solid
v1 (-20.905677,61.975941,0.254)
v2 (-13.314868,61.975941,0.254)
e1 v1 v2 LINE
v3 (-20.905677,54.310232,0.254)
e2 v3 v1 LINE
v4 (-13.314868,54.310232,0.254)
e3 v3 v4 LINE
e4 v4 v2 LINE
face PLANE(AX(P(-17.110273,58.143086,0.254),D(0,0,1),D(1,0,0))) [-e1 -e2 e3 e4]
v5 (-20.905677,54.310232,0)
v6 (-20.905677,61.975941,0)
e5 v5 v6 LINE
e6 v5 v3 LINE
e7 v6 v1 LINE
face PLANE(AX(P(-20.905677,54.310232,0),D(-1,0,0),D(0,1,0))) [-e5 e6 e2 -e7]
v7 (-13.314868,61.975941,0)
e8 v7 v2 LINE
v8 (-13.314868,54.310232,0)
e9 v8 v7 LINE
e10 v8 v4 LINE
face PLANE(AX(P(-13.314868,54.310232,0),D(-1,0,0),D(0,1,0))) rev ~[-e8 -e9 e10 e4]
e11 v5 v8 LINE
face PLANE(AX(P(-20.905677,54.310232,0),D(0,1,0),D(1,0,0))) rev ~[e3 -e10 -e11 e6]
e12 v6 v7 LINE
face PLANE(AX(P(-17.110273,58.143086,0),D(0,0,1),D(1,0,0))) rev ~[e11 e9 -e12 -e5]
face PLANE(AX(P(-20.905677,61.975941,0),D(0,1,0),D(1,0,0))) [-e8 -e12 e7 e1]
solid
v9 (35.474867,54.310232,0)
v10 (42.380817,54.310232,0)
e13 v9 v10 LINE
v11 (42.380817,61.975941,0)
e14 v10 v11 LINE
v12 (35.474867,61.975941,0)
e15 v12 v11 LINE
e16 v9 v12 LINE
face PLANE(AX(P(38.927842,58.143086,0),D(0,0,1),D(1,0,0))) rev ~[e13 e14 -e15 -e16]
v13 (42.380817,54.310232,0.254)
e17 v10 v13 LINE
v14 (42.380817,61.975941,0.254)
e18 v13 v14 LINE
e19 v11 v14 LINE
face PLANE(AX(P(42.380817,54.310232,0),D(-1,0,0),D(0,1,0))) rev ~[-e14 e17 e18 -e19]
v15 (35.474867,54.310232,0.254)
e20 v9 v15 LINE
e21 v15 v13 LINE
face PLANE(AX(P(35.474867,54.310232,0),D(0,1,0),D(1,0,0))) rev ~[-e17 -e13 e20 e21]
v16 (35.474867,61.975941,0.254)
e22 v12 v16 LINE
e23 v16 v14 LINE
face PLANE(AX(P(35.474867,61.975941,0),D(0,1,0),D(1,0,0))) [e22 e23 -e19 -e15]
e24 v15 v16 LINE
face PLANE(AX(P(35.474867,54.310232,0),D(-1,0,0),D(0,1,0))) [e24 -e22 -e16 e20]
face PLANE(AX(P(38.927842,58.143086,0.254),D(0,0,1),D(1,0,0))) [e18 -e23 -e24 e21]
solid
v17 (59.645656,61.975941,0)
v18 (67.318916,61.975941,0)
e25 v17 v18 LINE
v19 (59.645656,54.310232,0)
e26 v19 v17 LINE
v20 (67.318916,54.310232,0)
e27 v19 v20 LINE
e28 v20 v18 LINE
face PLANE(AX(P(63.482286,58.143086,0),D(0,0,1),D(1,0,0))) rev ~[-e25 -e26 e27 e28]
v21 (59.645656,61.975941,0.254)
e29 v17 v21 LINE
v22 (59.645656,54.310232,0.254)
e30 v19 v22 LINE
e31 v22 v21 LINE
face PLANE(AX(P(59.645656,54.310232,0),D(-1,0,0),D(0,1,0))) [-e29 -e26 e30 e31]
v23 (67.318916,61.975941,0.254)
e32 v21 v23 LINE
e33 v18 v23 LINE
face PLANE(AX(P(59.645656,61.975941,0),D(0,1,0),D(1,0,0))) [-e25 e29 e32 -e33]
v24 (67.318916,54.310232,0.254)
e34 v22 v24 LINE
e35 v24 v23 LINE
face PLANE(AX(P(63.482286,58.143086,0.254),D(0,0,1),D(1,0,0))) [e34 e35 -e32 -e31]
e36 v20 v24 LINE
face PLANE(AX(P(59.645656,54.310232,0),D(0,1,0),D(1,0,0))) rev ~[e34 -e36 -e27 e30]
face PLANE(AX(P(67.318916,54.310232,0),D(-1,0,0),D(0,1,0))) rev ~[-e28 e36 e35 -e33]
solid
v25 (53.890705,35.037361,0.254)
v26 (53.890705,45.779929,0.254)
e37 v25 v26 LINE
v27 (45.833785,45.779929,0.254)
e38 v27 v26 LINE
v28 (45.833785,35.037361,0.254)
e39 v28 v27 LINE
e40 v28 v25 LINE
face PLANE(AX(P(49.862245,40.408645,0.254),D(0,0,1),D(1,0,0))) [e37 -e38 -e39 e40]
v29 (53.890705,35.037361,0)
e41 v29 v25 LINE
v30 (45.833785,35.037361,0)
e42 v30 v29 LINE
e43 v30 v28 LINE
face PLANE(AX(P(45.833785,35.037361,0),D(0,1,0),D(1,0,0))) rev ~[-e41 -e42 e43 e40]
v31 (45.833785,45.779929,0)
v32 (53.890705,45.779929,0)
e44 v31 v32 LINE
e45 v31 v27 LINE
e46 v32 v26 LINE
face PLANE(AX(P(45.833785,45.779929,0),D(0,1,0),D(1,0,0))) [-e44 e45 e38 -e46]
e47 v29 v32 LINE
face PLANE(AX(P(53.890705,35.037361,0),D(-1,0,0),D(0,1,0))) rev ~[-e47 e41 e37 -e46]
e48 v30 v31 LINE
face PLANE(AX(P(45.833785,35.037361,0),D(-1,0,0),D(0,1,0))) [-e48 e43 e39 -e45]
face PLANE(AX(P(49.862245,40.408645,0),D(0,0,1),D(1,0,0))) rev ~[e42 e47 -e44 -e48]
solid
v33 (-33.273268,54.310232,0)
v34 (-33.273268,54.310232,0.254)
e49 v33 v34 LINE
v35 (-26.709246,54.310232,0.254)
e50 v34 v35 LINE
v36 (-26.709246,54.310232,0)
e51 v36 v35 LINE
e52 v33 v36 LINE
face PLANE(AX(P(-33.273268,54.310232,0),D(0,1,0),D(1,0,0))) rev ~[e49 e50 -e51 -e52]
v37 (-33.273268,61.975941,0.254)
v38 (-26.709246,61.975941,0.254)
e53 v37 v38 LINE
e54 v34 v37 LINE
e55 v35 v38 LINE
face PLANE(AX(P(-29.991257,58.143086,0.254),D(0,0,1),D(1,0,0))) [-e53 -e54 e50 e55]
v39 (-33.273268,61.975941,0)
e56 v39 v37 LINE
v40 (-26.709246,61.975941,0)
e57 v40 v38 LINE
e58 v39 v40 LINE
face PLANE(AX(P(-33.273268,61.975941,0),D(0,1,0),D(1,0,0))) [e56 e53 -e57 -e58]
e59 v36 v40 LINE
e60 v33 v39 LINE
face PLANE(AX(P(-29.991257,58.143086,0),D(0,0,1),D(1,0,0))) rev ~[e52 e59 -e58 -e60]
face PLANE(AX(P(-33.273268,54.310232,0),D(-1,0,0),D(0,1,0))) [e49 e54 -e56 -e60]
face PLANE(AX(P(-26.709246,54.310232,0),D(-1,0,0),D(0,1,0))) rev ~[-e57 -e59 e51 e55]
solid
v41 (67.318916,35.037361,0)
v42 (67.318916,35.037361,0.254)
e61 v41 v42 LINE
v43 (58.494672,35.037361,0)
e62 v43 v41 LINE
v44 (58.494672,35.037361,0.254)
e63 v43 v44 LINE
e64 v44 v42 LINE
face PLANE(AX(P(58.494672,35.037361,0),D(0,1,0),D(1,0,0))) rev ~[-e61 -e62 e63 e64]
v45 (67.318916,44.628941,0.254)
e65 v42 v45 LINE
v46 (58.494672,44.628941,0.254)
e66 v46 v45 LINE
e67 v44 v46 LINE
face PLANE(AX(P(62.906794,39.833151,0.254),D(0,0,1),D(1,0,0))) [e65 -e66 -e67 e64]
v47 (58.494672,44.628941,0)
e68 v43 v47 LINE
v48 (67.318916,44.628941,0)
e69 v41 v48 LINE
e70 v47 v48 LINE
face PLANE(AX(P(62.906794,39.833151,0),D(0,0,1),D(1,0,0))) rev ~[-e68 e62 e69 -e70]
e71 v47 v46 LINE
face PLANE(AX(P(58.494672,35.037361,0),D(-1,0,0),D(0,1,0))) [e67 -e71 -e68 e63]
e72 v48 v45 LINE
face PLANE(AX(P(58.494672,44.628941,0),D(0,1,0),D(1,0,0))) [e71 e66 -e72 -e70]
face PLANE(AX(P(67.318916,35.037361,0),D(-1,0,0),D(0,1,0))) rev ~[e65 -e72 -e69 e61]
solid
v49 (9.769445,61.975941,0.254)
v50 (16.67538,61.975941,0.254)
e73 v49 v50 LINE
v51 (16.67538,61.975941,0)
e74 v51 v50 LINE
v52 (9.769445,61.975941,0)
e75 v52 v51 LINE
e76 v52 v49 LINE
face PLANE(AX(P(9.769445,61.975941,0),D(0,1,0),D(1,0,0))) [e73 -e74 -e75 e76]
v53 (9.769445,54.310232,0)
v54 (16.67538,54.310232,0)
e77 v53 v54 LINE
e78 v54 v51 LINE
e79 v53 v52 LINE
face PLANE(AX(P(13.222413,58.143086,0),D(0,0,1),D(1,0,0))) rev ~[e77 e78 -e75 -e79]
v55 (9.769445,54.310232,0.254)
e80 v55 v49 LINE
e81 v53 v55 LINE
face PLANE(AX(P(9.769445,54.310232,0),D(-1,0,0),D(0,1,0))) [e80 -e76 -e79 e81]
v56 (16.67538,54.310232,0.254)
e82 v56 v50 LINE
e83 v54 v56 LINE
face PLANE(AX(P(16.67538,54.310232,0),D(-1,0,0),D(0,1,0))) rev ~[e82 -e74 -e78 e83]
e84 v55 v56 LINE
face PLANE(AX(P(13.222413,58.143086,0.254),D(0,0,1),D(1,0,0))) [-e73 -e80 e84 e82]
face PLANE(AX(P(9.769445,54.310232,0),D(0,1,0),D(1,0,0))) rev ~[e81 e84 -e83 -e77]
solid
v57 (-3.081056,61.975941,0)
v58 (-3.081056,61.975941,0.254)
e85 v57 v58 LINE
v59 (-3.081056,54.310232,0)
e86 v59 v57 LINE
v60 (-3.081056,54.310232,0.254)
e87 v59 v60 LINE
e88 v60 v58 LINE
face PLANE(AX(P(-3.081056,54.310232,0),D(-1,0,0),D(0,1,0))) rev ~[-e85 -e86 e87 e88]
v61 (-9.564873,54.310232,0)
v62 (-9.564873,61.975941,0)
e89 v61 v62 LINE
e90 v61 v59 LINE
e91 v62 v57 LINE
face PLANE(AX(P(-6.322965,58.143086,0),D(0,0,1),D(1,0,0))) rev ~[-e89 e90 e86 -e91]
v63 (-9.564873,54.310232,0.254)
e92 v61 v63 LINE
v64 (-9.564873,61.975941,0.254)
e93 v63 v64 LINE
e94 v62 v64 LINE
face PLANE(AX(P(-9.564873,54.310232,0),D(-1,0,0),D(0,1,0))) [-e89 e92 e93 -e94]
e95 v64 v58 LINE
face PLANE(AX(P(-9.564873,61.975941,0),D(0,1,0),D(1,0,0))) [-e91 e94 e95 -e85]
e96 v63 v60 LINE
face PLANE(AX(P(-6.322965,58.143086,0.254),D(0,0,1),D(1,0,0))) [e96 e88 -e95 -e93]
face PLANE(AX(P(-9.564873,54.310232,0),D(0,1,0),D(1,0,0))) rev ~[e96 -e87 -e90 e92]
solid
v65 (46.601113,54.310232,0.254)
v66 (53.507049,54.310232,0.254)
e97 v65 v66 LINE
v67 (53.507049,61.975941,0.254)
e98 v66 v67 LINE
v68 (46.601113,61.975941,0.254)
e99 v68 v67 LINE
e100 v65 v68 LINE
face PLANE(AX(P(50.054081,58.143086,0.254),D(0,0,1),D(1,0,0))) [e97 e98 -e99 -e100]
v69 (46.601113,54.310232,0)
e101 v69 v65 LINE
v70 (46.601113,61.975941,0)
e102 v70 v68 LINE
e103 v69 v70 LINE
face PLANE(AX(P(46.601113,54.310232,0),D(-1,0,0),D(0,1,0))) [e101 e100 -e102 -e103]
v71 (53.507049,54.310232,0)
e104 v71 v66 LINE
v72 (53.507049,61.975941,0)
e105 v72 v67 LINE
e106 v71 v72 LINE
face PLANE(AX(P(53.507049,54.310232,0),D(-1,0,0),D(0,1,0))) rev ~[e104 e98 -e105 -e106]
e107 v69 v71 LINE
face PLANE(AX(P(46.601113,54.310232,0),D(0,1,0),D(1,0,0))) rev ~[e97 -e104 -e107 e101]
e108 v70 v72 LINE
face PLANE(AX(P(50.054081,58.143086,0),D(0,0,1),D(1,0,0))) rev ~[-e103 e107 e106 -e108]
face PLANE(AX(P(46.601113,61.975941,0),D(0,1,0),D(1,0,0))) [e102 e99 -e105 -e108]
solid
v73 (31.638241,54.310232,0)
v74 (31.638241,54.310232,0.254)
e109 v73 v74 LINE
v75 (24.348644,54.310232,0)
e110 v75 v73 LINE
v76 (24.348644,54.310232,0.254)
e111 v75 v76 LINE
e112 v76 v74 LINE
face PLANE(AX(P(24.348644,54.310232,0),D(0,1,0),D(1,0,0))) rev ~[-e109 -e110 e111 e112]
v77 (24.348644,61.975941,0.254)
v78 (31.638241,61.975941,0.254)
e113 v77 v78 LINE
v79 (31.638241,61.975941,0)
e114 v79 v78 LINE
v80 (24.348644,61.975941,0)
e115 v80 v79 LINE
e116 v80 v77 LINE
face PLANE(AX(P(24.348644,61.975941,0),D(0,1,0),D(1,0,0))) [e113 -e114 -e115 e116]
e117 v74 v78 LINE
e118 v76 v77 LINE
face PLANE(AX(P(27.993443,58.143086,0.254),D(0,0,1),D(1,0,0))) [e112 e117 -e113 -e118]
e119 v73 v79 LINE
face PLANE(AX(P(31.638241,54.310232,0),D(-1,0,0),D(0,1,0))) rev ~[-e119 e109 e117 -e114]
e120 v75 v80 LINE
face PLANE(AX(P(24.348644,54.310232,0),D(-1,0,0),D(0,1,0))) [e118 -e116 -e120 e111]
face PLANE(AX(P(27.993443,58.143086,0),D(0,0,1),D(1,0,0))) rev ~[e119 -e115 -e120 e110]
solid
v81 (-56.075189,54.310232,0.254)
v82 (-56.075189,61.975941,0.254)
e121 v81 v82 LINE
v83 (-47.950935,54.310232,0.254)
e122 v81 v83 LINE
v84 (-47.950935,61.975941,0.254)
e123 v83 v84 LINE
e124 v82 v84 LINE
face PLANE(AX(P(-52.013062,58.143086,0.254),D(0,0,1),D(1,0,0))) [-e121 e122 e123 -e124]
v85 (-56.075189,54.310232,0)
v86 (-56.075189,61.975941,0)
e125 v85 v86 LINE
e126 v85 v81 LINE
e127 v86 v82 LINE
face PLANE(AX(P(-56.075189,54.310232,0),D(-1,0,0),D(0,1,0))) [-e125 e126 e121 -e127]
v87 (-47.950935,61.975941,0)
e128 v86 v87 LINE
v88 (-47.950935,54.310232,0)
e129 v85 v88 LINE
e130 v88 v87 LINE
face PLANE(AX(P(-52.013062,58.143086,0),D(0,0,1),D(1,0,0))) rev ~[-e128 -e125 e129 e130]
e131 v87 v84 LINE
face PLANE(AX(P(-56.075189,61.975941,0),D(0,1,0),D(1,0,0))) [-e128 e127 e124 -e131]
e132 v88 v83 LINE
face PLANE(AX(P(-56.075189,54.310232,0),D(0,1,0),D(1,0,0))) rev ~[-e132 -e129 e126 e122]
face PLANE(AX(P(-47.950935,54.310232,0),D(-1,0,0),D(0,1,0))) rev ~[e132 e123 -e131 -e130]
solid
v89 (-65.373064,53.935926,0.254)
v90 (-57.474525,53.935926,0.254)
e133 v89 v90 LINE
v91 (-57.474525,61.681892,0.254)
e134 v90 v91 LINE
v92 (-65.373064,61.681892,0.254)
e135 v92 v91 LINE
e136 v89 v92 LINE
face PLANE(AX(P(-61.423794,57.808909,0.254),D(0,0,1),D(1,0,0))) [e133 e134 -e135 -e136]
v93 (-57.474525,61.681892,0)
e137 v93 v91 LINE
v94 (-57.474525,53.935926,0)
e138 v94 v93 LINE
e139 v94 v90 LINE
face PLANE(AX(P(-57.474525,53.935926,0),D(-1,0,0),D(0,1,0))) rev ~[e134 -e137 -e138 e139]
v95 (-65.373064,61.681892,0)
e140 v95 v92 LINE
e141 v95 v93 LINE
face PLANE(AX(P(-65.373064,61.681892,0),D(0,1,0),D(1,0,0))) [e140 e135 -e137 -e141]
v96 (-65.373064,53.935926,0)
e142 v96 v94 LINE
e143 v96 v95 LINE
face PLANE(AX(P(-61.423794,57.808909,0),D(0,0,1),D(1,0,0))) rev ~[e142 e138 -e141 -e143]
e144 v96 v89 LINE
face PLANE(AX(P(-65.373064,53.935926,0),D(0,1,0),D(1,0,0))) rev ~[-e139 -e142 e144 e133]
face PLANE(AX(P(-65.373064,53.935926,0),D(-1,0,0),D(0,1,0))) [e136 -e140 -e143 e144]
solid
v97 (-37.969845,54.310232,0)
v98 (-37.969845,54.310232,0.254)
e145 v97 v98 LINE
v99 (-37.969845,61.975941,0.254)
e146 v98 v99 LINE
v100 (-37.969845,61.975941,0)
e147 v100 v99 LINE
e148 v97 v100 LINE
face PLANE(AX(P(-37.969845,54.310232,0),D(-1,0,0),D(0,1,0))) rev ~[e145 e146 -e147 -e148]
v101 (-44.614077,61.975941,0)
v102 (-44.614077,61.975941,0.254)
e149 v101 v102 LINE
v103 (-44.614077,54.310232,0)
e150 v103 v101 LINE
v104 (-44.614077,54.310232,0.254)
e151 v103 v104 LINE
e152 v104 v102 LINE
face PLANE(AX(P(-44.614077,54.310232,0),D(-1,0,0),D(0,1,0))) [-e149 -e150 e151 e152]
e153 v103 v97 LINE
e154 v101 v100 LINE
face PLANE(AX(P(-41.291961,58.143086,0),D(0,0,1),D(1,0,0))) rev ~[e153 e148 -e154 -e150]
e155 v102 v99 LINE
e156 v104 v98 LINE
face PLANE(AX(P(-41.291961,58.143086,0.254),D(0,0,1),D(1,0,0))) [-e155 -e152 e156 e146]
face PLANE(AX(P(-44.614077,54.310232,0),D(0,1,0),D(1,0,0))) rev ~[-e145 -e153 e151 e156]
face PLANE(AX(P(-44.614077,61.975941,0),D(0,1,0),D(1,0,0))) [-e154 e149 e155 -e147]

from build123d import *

# Parameters (mm, degrees)
F0_W     = 7.898539
F0_H     = 7.745967
F1_DEPTH = 0.254
F2_W     = 8.124254
F2_H     = 7.665709
F2_W_2   = 6.644231
F2_W_3   = 6.564021
F2_W_4   = 7.590809
F2_W_5   = 6.483817
F2_W_6   = 6.905935
F2_W_7   = 7.289597
F2_W_8   = 6.90595
F2_W_9   = 6.905936
F2_W_10  = 7.67326
F2_W_11  = 8.824244
F2_H_2   = 9.59158
F2_W_12  = 8.05692
F2_H_3   = 10.742568
F3_DEPTH = 0.254


with BuildPart() as f1:
    # F0 (on Top) → F1 (new body)
    with BuildSketch(Plane.XY):
        with Locations((-61.423794, 57.808909)):
            Rectangle(F0_W, F0_H)
    extrude(amount=F1_DEPTH)


with BuildPart() as f3:
    # F2 (on Top) → F3 (new body)
    with BuildSketch(Plane.XY):
        with Locations((-52.013062, 58.143086)):
            Rectangle(F2_W, F2_H)
        with Locations((-41.291961, 58.143086)):
            Rectangle(F2_W_2, F2_H)
        with Locations((-29.991257, 58.143086)):
            Rectangle(F2_W_3, F2_H)
        with Locations((-17.110273, 58.143086)):
            Rectangle(F2_W_4, F2_H)
        with Locations((-6.322965, 58.143086)):
            Rectangle(F2_W_5, F2_H)
        with Locations((13.222413, 58.143086)):
            Rectangle(F2_W_6, F2_H)
        with Locations((27.993443, 58.143086)):
            Rectangle(F2_W_7, F2_H)
        with Locations((38.927842, 58.143086)):
            Rectangle(F2_W_8, F2_H)
        with Locations((50.054081, 58.143086)):
            Rectangle(F2_W_9, F2_H)
        with Locations((63.482286, 58.143086)):
            Rectangle(F2_W_10, F2_H)
        with Locations((62.906794, 39.833151)):
            Rectangle(F2_W_11, F2_H_2)
        with Locations((49.862245, 40.408645)):
            Rectangle(F2_W_12, F2_H_3)
    extrude(amount=F3_DEPTH)


solid = Compound([f1.part, f3.part])
